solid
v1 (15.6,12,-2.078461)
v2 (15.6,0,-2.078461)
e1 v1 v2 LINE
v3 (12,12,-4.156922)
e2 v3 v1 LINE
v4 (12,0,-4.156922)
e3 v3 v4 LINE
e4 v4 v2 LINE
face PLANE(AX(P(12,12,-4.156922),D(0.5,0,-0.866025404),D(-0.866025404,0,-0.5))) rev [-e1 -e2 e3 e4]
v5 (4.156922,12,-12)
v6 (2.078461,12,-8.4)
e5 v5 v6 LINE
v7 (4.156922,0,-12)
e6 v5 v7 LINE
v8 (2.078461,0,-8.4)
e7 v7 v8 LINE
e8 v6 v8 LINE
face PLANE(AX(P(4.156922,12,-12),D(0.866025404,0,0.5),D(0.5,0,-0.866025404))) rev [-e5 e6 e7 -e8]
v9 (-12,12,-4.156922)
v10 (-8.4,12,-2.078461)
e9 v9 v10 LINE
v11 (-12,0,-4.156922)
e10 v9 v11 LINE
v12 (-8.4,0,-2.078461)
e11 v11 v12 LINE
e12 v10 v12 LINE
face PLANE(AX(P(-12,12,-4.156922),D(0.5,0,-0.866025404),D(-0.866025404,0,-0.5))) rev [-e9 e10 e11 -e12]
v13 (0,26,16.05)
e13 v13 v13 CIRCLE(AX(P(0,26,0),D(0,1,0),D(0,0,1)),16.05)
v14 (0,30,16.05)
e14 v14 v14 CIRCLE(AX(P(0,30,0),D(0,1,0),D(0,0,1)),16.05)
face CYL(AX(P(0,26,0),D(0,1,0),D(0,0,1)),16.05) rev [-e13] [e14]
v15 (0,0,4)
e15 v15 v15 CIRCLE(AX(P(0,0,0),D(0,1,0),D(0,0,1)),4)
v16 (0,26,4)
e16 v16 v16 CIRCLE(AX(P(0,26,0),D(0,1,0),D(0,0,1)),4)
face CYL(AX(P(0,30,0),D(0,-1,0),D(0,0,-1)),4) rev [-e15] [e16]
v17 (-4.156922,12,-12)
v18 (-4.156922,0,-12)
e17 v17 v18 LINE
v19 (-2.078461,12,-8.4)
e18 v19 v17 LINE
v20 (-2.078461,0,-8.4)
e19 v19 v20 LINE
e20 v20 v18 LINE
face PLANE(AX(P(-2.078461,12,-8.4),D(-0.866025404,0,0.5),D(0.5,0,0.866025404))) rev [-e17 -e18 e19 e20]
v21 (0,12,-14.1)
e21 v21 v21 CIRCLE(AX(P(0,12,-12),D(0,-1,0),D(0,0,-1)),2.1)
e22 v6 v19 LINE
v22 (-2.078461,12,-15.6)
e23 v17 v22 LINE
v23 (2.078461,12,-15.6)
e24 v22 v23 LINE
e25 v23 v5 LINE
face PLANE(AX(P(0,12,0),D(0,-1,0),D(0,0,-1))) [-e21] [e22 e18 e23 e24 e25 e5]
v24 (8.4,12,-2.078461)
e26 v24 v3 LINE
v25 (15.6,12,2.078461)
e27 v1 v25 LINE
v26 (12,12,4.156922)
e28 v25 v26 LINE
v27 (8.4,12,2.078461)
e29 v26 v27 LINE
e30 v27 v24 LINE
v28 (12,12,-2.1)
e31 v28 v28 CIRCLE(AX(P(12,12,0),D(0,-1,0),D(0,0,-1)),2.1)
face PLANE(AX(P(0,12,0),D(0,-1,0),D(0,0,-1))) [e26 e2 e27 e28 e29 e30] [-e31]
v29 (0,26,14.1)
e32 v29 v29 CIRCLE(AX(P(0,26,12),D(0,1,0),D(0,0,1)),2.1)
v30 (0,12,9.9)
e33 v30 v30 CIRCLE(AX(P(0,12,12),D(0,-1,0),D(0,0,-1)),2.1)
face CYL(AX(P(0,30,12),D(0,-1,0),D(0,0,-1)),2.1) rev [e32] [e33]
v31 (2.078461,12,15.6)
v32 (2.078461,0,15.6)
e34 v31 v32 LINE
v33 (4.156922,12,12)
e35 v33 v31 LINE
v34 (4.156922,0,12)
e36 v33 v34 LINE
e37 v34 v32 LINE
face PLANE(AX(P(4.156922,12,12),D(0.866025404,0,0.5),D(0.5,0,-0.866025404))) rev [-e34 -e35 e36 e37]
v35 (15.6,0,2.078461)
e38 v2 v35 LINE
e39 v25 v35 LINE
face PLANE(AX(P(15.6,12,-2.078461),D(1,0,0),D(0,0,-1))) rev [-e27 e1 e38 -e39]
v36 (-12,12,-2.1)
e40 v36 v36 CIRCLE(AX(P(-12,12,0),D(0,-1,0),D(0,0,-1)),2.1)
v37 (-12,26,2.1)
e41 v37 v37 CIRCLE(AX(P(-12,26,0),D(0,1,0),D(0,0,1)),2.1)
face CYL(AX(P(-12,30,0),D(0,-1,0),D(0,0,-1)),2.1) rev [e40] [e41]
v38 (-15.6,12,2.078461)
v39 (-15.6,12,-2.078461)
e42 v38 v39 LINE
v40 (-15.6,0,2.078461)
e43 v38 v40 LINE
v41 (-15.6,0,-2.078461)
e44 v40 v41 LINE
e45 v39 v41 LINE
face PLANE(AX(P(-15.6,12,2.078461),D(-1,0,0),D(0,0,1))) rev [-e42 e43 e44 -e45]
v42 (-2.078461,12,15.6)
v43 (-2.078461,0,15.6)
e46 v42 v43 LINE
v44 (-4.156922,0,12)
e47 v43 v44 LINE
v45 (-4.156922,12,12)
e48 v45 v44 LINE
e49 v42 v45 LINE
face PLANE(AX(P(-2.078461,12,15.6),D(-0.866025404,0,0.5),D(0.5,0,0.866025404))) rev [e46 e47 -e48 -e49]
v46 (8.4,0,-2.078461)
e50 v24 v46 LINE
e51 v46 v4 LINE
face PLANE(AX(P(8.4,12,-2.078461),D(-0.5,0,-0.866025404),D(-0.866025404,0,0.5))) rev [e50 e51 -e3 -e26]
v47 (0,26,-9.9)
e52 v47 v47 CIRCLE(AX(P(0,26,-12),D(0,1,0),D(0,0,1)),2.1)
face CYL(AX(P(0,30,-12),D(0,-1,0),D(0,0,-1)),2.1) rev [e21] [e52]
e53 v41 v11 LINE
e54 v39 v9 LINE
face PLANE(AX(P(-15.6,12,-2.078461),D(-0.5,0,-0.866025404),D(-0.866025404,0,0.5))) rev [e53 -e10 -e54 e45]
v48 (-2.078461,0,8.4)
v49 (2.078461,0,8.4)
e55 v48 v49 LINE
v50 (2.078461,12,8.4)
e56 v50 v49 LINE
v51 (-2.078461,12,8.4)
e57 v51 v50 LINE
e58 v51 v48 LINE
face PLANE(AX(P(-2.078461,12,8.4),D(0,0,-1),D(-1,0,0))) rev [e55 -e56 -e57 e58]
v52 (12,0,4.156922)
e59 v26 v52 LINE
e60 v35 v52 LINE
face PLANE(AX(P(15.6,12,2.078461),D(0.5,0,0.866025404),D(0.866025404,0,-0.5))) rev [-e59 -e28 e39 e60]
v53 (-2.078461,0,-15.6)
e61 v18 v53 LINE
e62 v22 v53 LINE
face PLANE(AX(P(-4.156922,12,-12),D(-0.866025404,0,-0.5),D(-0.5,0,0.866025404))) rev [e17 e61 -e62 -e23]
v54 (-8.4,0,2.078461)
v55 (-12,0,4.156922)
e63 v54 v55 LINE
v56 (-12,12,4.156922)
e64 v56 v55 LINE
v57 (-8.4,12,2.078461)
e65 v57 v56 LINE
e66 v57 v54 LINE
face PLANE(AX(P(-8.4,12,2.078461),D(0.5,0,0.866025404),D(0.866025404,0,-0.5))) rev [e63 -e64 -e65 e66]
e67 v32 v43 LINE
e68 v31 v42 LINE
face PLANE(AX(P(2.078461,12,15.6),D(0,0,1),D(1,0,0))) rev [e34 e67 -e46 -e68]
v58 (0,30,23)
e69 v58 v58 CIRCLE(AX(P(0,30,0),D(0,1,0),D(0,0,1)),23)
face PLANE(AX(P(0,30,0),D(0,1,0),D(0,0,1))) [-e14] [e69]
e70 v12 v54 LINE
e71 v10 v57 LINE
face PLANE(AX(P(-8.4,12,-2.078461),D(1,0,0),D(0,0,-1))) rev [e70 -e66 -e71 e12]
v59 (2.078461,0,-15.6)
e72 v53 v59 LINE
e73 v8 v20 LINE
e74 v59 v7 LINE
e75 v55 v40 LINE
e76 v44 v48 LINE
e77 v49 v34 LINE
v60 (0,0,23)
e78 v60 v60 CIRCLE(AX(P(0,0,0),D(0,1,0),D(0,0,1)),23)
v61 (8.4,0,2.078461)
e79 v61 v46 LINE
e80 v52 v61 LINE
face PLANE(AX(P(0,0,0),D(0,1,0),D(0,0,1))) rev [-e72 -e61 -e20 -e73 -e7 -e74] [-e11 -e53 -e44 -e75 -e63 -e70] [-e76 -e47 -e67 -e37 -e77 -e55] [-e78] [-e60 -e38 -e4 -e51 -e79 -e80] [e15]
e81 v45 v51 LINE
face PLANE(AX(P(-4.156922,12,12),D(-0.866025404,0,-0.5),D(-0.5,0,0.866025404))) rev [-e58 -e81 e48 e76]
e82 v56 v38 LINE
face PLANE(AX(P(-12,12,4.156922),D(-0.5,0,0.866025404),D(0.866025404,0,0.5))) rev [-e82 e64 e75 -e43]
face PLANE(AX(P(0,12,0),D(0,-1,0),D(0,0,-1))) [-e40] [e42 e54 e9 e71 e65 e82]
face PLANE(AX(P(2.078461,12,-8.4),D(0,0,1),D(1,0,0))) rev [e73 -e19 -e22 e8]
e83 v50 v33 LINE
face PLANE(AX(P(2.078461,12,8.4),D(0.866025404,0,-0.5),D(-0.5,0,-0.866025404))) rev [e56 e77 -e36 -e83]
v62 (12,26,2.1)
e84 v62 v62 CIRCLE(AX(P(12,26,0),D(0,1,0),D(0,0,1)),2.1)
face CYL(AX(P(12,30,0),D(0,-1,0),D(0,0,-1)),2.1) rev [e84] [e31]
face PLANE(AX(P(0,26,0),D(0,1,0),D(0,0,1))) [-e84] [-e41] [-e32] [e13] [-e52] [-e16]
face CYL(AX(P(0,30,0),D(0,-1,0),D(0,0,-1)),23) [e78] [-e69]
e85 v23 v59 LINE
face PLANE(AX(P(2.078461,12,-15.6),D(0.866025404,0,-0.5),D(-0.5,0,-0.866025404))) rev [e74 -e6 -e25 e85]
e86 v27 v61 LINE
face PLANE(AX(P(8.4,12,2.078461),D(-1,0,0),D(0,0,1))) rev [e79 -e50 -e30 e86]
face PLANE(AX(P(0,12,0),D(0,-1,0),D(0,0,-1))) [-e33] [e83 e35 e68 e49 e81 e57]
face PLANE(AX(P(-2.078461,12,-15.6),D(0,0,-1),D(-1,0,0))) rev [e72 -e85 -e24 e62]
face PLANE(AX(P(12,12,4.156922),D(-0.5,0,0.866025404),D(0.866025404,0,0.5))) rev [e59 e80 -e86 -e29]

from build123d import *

# Parameters (mm, degrees)
SKETCH1_R           = 23
SKETCH1_R_2         = 4
SKETCH1_R_3         = 2.1
BOSS_EXTRUDE1_DEPTH = 30
SKETCH2_R           = 16.05
CUT_EXTRUDE1_DEPTH  = 4
CUT_EXTRUDE2_DEPTH  = 12


with BuildPart() as part:
    # Sketch1 → Boss-Extrude1 (new body)
    with BuildSketch(Plane(origin=(0, 0, 0), x_dir=(1, 0, 0), z_dir=(0, 1, 0))):
        with Locations(Location((0, 0, 0), (0, 0, 270))):
            Circle(SKETCH1_R)
        with Locations(Location((0, 0, 0), (0, 0, 270))):
            Circle(SKETCH1_R_2, mode=Mode.SUBTRACT)
        with Locations(Location((0, 12, 0), (0, 0, 270))):
            Circle(SKETCH1_R_3, mode=Mode.SUBTRACT)
        with Locations(Location((12, 0, 0), (0, 0, 270))):
            Circle(SKETCH1_R_3, mode=Mode.SUBTRACT)
        with Locations(Location((0, -12, 0), (0, 0, 270))):
            Circle(SKETCH1_R_3, mode=Mode.SUBTRACT)
        with Locations(Location((-12, 0, 0), (0, 0, 270))):
            Circle(SKETCH1_R_3, mode=Mode.SUBTRACT)
    extrude(amount=BOSS_EXTRUDE1_DEPTH)

    # Sketch2 → Cut-Extrude1 (cut)
    with BuildSketch(Plane(origin=(0, 30, 0), x_dir=(1, 0, 0), z_dir=(0, 1, 0))):
        with Locations(Location((0, 0, 0), (0, 0, 270))):
            Circle(SKETCH2_R)
    extrude(amount=-CUT_EXTRUDE1_DEPTH, mode=Mode.SUBTRACT)

    # Sketch3 → Cut-Extrude2 (cut)
    with BuildSketch(Plane.XZ):
        Polygon((12, -4.156921938), (15.6, -2.078460969), (15.6, 2.078460969), (12, 4.156921938), (8.4, 2.078460969), (8.4, -2.078460969), align=None)
        Polygon((4.156921938, 12), (2.078460969, 15.6), (-2.078460969, 15.6), (-4.156921938, 12), (-2.078460969, 8.4), (2.078460969, 8.4), align=None)
        Polygon((-4.156921938, -12), (-2.078460969, -15.6), (2.078460969, -15.6), (4.156921938, -12), (2.078460969, -8.4), (-2.078460969, -8.4), align=None)
        Polygon((-12, 4.156921938), (-15.6, 2.078460969), (-15.6, -2.078460969), (-12, -4.156921938), (-8.4, -2.078460969), (-8.4, 2.078460969), align=None)
    extrude(amount=-CUT_EXTRUDE2_DEPTH, mode=Mode.SUBTRACT)


solid = part.part
